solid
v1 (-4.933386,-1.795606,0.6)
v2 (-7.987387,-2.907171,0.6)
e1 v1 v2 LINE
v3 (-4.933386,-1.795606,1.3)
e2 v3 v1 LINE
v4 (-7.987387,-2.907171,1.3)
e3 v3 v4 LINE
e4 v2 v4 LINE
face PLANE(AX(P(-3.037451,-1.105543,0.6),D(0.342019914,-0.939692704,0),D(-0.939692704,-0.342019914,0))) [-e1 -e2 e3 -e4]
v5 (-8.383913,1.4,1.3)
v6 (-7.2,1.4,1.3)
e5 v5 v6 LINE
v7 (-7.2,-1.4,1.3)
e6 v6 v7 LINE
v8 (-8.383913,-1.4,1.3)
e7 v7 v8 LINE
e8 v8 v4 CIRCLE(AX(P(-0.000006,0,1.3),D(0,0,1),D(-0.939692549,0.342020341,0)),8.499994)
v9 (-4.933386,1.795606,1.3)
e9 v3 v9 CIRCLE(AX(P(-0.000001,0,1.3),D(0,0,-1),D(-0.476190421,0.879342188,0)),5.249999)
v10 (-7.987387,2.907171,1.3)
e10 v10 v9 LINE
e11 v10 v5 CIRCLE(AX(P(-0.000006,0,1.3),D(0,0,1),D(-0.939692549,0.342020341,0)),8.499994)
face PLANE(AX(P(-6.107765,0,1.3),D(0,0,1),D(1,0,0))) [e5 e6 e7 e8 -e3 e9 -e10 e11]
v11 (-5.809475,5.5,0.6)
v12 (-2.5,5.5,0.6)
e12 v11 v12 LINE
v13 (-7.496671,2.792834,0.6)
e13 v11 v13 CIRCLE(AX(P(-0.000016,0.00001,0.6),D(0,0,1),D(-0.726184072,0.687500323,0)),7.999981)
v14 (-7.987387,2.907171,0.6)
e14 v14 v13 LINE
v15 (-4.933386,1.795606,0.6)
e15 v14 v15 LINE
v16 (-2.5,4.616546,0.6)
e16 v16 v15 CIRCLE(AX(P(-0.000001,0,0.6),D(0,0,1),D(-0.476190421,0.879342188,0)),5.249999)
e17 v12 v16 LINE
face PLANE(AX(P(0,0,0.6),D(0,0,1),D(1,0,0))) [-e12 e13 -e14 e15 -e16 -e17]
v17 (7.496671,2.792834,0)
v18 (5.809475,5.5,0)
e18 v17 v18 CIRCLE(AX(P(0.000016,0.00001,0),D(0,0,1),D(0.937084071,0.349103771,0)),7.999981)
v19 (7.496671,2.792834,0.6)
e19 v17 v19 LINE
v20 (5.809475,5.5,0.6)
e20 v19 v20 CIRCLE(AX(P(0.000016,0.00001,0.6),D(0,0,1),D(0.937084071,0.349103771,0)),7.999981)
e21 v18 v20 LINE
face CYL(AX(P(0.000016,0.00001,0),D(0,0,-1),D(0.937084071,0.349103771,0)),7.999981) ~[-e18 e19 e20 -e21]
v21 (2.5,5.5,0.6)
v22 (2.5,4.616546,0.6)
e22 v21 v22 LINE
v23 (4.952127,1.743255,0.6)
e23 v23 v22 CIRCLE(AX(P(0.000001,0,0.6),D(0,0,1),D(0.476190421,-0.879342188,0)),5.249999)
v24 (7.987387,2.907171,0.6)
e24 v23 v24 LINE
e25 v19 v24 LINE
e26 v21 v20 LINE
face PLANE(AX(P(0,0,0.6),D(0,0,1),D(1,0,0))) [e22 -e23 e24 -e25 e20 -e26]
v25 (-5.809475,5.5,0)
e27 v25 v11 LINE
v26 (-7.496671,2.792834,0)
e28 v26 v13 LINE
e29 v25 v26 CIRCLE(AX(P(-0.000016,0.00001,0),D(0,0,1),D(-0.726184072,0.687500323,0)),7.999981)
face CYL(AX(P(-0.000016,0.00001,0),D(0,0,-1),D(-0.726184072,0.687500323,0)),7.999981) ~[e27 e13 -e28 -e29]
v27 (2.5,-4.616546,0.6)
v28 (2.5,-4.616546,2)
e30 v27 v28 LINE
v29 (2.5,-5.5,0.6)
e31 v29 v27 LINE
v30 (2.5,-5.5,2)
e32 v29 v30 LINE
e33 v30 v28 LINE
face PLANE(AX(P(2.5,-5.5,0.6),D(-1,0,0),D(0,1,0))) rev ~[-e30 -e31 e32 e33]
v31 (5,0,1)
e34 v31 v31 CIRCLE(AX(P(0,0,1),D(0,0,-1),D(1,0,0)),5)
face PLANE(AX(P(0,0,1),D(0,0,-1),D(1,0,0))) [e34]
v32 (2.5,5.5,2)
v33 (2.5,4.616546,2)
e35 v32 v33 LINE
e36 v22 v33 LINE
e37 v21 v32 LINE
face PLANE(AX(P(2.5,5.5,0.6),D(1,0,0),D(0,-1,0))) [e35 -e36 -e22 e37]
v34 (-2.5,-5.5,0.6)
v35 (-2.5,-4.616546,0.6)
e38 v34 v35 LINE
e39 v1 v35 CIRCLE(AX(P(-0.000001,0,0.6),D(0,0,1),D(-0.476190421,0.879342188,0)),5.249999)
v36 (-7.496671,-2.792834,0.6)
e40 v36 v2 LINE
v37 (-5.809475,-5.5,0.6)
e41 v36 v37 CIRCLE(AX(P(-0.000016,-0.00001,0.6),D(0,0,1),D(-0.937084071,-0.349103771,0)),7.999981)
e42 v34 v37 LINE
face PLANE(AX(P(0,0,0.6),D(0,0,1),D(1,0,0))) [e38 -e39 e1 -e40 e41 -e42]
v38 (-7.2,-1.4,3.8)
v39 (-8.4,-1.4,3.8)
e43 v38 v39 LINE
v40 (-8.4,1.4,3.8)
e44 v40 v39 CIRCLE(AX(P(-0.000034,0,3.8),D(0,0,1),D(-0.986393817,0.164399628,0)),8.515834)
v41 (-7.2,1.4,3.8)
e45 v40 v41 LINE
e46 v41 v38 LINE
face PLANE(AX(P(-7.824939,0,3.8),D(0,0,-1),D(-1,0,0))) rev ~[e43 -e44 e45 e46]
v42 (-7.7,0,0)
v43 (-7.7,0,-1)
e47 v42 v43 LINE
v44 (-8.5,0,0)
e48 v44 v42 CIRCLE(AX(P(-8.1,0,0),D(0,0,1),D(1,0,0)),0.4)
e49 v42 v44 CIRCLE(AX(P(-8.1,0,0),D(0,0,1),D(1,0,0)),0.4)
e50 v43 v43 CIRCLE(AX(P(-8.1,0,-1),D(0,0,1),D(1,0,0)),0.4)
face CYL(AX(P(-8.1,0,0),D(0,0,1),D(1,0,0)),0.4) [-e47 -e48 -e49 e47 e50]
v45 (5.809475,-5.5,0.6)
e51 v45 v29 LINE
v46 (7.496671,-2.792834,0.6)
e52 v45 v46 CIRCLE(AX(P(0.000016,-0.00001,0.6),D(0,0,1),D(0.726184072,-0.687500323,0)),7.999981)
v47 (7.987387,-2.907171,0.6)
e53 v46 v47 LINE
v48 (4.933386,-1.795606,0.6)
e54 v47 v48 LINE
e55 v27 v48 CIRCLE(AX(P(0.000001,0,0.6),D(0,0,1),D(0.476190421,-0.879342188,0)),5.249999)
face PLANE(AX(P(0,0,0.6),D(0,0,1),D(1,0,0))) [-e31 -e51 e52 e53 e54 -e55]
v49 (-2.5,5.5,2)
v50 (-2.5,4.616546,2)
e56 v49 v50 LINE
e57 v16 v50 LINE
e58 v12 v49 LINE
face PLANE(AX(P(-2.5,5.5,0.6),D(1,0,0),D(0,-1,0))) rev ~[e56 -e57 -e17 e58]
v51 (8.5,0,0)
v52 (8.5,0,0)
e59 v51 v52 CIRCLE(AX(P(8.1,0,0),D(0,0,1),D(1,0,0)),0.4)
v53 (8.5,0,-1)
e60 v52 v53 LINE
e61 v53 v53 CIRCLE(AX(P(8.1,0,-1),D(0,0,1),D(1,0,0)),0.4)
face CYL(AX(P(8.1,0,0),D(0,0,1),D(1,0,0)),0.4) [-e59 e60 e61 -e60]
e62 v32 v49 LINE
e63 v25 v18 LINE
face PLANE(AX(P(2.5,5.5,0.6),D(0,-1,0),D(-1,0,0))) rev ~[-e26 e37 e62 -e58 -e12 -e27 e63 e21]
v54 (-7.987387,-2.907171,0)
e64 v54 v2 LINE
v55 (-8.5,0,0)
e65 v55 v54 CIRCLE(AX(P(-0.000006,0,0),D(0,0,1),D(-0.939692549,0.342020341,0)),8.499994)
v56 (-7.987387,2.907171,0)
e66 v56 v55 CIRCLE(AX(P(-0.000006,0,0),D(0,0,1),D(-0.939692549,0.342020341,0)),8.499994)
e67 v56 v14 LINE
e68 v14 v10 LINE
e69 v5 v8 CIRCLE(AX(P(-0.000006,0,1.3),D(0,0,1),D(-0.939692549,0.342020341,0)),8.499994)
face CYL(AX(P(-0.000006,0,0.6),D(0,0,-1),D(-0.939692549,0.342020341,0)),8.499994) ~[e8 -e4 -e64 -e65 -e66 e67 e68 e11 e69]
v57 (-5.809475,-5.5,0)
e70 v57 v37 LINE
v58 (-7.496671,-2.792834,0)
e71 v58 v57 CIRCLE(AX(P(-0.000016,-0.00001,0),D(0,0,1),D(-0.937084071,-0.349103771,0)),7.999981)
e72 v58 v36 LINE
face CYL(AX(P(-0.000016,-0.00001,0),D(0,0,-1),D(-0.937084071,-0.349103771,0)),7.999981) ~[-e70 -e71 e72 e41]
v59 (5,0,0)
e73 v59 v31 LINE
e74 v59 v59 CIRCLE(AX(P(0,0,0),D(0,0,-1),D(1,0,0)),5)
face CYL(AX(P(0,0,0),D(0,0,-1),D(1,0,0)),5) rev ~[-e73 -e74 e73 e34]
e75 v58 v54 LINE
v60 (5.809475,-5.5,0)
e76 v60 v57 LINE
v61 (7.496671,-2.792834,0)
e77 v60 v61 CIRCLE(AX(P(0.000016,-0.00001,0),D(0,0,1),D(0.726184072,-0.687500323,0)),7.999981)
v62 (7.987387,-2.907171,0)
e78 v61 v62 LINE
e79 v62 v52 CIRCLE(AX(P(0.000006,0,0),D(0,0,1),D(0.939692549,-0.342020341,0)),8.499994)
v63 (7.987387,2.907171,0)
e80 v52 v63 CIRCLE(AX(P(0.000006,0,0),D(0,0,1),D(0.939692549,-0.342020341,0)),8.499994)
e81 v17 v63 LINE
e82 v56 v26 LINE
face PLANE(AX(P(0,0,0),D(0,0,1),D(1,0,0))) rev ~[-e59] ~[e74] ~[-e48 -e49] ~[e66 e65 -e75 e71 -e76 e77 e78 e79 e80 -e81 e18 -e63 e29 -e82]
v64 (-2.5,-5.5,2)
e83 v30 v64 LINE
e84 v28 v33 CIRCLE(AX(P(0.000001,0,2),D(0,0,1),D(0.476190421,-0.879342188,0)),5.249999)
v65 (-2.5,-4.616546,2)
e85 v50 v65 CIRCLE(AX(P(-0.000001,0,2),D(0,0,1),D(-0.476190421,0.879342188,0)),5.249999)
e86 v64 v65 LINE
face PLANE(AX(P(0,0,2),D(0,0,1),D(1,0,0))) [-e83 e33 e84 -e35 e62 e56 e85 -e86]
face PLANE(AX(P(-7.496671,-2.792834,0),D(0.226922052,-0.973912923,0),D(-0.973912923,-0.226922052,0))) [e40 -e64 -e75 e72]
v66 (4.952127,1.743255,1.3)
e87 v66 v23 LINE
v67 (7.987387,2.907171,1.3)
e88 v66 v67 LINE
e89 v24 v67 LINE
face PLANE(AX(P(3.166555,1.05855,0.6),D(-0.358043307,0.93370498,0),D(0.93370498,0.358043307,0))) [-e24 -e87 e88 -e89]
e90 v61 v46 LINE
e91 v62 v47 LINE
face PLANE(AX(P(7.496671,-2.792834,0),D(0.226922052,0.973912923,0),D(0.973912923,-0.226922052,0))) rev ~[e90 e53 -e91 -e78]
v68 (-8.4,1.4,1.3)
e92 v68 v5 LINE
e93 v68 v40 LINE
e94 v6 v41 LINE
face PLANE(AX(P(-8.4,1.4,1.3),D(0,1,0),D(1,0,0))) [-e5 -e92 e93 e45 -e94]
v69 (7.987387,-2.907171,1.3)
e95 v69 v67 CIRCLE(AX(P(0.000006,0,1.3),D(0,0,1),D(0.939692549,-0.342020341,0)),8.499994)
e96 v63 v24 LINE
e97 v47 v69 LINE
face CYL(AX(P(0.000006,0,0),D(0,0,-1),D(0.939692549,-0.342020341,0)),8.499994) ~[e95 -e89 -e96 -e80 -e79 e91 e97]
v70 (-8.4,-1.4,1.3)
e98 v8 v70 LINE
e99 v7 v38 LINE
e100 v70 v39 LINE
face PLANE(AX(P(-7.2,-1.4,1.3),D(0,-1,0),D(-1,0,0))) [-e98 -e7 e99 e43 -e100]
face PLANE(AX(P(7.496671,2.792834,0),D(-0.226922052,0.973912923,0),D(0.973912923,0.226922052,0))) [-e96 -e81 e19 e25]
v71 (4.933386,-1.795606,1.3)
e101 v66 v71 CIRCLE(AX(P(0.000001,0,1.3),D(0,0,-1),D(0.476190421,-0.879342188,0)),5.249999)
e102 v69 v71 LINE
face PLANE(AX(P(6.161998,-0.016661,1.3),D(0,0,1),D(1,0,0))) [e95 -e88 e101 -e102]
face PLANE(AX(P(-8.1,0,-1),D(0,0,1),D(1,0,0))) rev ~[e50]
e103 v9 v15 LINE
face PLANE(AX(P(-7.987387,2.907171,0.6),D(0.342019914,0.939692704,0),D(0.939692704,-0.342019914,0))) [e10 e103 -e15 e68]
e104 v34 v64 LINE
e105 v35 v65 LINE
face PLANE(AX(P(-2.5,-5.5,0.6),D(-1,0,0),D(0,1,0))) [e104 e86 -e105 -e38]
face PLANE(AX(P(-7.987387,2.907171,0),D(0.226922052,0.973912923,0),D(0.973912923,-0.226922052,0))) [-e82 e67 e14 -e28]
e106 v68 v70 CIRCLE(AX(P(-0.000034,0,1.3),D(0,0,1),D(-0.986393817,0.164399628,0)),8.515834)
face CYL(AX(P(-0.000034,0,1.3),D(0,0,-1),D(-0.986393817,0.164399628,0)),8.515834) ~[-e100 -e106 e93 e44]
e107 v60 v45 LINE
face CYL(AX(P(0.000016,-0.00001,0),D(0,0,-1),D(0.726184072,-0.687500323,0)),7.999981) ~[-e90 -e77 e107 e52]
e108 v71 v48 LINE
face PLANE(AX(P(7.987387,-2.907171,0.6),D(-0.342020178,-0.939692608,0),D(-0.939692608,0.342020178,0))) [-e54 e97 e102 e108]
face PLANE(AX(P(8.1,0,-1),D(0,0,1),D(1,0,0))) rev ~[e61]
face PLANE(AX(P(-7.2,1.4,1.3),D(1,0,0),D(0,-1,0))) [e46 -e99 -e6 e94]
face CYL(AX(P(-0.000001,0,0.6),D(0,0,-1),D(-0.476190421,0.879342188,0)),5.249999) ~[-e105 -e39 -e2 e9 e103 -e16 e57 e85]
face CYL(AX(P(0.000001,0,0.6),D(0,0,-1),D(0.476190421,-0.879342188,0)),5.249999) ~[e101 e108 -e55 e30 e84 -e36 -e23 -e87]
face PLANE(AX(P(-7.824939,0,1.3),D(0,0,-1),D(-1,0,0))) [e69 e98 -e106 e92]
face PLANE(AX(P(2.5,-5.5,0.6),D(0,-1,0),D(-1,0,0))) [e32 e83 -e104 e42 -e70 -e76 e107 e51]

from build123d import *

# Parameters (mm, degrees)
PAD_DEPTH    = 0.6
PAD001_DEPTH = 0.7
PAD002_DEPTH = 1.4
SKETCH003_R  = 0.4
PAD003_DEPTH = 1
PAD004_DEPTH = 2.5
SKETCH005_R  = 5
POCKET_DEPTH = 1


with BuildPart() as part:
    # Sketch → Pad (new body)
    with BuildSketch(Plane.XY):
        with BuildLine():
            ThreePointArc((-7.987387, 2.907171), (-8.5, 0), (-7.987387, -2.907171))
            Line((-7.496671, -2.792834), (-7.987387, -2.907171))
            ThreePointArc((-7.496671, -2.792834), (-6.789372, -4.231363), (-5.809475, -5.5))
            Line((5.809475, -5.5), (-5.809475, -5.5))
            ThreePointArc((5.809475, -5.5), (6.789372, -4.231363), (7.496671, -2.792834))
            Line((7.496671, -2.792834), (7.987387, -2.907171))
            ThreePointArc((7.987387, -2.907171), (8.5, 0), (7.987387, 2.907171))
            Line((7.496671, 2.792834), (7.987387, 2.907171))
            ThreePointArc((7.496671, 2.792834), (6.789372, 4.231363), (5.809475, 5.5))
            Line((-5.809475, 5.5), (5.809475, 5.5))
            ThreePointArc((-5.809475, 5.5), (-6.789372, 4.231363), (-7.496671, 2.792834))
            Line((-7.987387, 2.907171), (-7.496671, 2.792834))
        make_face()
    extrude(amount=PAD_DEPTH)

    # Sketch001 (on Face14 of Pad) → Pad001 (join)
    with BuildSketch(Plane.XY.offset(0.6)):
        with BuildLine():
            ThreePointArc((-7.987387, 2.907171), (-8.5, 0), (-7.987387, -2.907171))
            Line((-3.037451, -1.105543), (-7.987387, -2.907171))
            ThreePointArc((-3.037451, 1.105543), (-3.232388, 0), (-3.037451, -1.105543))
            Line((-7.987387, 2.907171), (-3.037451, 1.105543))
        make_face()
        with BuildLine():
            ThreePointArc((7.987387, -2.907171), (8.5, 0), (7.987387, 2.907171))
            Line((3.166555, 1.05855), (7.987387, 2.907171))
            ThreePointArc((3.137447, -1.141937), (3.33851, -0.044161), (3.166555, 1.05855))
            Line((7.987387, -2.907171), (3.137447, -1.141937))
        make_face()
    extrude(amount=PAD001_DEPTH)

    # Sketch002 (on Face5 of Pad001) → Pad002 (join)
    with BuildSketch(Plane.XY.offset(0.6)):
        with BuildLine():
            Line((-2.5, 5.5), (-2.5, 4.616546))
            ThreePointArc((-2.5, 4.616546), (-5.25, 0), (-2.5, -4.616546))
            Line((-2.5, -5.5), (-2.5, -4.616546))
            Line((2.5, -5.5), (-2.5, -5.5))
            Line((2.5, -5.5), (2.5, -4.616546))
            ThreePointArc((2.5, -4.616546), (5.25, 0), (2.5, 4.616546))
            Line((2.5, 5.5), (2.5, 4.616546))
            Line((2.5, 5.5), (-2.5, 5.5))
        make_face()
    extrude(amount=PAD002_DEPTH)

    # Sketch003 → Pad003 (join)
    with BuildSketch(Plane.XY):
        with Locations((-8.1, 0)):
            Circle(SKETCH003_R)
        with Locations((8.1, 0)):
            Circle(SKETCH003_R)
    extrude(amount=-PAD003_DEPTH)

    # Sketch004 (on Face37 of Pad003) → Pad004 (join)
    with BuildSketch(Plane.XY.offset(1.3)):
        with BuildLine():
            Line((-8.4, 1.4), (-7.2, 1.4))
            Line((-7.2, 1.4), (-7.2, -1.4))
            Line((-7.2, -1.4), (-8.4, -1.4))
            ThreePointArc((-8.4, 1.4), (-8.515868, 0), (-8.4, -1.4))
        make_face()
    extrude(amount=PAD004_DEPTH)

    # Sketch005 (on Face4 of Pad004) → Pocket (cut)
    with BuildSketch(Plane(origin=(0, 0, 0), x_dir=(1, 0, 0), z_dir=(0, 0, -1))):
        Circle(SKETCH005_R)
    extrude(amount=-POCKET_DEPTH, mode=Mode.SUBTRACT)


solid = part.part
